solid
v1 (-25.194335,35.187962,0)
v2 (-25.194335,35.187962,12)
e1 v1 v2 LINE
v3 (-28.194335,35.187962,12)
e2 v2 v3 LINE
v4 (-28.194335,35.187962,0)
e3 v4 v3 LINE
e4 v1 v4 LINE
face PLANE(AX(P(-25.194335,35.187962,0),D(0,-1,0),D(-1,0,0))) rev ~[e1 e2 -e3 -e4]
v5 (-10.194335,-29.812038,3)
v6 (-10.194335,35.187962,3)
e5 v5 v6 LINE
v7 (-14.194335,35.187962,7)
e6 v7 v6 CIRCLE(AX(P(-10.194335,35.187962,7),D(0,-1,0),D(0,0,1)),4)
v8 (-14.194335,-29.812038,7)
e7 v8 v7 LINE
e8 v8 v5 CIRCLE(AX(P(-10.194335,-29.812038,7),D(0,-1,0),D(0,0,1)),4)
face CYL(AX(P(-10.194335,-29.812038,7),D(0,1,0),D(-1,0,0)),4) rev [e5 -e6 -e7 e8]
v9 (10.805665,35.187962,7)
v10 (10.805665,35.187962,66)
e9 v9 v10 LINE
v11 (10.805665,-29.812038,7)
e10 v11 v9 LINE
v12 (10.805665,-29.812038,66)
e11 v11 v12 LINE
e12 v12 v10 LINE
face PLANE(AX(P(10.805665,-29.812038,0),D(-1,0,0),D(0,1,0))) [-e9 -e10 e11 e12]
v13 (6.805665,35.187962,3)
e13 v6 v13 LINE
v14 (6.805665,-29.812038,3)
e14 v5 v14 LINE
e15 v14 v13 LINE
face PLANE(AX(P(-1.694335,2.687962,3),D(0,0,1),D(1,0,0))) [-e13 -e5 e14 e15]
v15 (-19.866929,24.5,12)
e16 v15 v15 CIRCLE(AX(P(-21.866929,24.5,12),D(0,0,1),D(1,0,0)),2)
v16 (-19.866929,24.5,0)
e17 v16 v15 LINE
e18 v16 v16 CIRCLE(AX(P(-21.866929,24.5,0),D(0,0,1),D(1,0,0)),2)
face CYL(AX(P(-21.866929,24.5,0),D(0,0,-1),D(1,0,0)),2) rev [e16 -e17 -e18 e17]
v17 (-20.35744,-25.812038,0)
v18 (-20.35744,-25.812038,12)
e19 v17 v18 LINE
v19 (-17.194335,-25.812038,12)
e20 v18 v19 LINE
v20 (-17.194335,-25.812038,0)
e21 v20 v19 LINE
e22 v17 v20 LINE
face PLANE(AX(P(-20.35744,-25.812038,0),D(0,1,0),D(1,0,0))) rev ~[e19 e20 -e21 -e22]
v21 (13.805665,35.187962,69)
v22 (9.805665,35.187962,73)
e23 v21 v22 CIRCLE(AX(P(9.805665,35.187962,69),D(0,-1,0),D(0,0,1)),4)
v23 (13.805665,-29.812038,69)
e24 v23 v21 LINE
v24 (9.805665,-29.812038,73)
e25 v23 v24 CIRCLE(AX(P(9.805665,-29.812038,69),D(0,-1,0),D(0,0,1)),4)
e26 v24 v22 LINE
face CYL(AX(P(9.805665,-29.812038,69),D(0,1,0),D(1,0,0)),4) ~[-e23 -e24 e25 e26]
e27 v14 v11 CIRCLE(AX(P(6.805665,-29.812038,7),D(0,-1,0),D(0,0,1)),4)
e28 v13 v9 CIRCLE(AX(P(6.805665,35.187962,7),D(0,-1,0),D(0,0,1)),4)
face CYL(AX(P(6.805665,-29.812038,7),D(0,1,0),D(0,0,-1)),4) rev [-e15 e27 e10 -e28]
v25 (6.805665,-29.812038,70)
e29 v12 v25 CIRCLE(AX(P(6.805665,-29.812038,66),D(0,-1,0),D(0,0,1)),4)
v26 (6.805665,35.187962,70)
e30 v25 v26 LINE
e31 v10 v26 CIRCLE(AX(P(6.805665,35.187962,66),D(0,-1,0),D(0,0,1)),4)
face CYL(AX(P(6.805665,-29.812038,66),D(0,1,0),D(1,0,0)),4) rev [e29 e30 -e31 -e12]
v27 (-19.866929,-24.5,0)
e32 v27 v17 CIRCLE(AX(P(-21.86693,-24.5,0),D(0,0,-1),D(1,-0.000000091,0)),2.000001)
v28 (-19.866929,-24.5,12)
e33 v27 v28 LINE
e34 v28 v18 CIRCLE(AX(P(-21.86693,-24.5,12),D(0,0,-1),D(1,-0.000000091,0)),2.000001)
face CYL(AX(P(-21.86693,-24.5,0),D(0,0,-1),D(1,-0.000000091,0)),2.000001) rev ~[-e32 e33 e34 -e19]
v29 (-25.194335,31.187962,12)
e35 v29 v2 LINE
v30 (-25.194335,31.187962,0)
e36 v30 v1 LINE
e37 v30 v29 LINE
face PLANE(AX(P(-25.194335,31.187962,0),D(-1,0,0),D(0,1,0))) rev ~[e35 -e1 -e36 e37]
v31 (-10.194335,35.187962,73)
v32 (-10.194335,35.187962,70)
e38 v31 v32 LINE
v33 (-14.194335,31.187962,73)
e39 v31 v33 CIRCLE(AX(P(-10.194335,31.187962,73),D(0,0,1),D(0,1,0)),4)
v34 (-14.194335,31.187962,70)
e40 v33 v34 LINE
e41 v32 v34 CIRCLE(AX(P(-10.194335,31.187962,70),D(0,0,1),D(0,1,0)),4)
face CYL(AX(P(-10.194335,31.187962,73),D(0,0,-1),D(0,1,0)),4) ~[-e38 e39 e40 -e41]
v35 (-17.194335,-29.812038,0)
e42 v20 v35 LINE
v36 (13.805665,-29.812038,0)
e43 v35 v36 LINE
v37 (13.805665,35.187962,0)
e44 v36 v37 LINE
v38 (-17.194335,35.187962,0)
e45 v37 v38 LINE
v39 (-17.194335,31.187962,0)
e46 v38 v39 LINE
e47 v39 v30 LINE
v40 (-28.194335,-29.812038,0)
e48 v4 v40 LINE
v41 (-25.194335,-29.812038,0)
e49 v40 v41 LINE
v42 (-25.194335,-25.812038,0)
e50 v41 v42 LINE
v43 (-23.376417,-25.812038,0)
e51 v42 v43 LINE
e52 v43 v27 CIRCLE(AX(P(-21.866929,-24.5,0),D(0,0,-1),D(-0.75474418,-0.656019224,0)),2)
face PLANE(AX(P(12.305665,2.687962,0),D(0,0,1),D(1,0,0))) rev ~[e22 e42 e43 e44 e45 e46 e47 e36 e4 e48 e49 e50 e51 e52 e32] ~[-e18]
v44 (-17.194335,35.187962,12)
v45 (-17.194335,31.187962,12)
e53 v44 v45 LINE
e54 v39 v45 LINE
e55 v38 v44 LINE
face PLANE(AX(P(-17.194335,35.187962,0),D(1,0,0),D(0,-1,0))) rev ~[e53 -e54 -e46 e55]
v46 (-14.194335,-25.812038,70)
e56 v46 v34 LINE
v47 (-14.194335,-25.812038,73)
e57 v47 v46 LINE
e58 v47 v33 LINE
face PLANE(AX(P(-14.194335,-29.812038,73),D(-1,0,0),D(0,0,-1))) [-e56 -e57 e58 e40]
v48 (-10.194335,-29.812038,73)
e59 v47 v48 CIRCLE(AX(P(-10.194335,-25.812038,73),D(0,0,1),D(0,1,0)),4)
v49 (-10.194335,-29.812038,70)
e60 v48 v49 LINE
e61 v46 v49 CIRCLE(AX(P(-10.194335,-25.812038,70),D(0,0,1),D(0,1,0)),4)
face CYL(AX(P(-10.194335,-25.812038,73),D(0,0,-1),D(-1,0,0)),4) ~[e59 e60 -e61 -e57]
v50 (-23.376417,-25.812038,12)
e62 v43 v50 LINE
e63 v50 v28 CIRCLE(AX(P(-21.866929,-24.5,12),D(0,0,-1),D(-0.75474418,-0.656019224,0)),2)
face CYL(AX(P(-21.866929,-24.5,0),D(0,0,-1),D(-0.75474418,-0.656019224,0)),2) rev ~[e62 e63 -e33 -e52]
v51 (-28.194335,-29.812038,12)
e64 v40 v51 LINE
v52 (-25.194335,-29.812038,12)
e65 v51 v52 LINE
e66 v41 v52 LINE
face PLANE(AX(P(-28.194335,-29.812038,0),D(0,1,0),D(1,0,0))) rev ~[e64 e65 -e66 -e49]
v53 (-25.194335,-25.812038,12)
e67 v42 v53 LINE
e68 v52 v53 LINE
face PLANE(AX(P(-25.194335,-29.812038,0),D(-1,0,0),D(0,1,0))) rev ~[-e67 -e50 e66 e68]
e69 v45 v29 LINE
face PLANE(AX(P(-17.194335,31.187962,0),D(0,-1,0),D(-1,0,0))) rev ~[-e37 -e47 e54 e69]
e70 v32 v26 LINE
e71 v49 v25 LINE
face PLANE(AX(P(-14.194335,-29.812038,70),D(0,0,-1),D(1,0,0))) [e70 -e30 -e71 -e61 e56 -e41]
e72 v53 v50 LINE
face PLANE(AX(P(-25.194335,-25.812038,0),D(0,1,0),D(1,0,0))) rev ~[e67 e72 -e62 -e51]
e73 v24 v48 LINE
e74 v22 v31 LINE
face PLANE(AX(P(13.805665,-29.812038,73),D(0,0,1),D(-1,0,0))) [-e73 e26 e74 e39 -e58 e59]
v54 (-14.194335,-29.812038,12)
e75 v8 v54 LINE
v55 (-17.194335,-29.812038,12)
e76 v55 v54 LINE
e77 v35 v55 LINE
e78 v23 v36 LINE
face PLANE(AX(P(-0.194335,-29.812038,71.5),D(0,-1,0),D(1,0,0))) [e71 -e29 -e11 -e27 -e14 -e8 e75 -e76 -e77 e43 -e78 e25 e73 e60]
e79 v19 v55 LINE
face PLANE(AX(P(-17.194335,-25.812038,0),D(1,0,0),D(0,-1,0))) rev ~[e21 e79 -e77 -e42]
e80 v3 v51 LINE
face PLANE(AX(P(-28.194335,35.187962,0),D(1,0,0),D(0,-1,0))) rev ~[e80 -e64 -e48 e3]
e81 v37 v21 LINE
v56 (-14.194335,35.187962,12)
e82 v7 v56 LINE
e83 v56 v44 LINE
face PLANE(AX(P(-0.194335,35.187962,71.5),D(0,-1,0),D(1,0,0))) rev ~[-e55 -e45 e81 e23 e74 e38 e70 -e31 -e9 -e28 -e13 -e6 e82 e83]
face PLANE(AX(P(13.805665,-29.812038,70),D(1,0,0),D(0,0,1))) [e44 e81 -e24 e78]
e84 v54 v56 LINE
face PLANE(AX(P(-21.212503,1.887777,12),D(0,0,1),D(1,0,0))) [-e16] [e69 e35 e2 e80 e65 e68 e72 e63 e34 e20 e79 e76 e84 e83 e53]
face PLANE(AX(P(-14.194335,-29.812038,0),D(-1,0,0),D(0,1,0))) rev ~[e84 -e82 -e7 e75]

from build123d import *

# Parameters (mm, degrees)
F0_R     = 2
F1_DEPTH = 12
F0_W     = 25
F0_H     = 65
F2_DEPTH = 3
F0_W_2   = 3
F3_DEPTH = 70
F5_DEPTH = 65
F6_R     = 4


with BuildPart() as f1:
    # F0 (on Top) → F1 (new body)
    with BuildSketch(Plane.XY):
        with BuildLine():
            Line((-25.194335, 35.187962), (-28.194335, 35.187962))
            Line((-28.194335, 35.187962), (-28.194335, -29.812038))
            Line((-28.194335, -29.812038), (-25.194335, -29.812038))
            Line((-25.194335, -29.812038), (-25.194335, -25.812038))
            Line((-25.194335, -25.812038), (-23.376417, -25.812038))
            ThreePointArc((-23.376417, -25.812038), (-22.567294, -22.626637), (-19.866929, -24.5))
            ThreePointArc((-19.866929, -24.5), (-19.993566, -25.200365), (-20.35744, -25.812038))
            Line((-20.35744, -25.812038), (-17.194335, -25.812038))
            Line((-17.194335, -25.812038), (-17.194335, -29.812038))
            Line((-17.194335, -29.812038), (-14.194335, -29.812038))
            Line((-14.194335, -29.812038), (-14.194335, 35.187962))
            Line((-14.194335, 35.187962), (-17.194335, 35.187962))
            Line((-17.194335, 35.187962), (-17.194335, 31.187962))
            Line((-17.194335, 31.187962), (-25.194335, 31.187962))
            Line((-25.194335, 31.187962), (-25.194335, 35.187962))
        make_face()
        with Locations((-21.866929, 24.5)):
            Circle(F0_R, mode=Mode.SUBTRACT)
    extrude(amount=F1_DEPTH)

    # F0 (on Top) → F2 (join)
    with BuildSketch(Plane.XY):
        with Locations((-1.694335, 2.687962)):
            Rectangle(F0_W, F0_H)
    extrude(amount=F2_DEPTH)

    # F0 (on Top) → F3 (join)
    with BuildSketch(Plane.XY):
        with Locations((12.305665, 2.687962)):
            Rectangle(F0_W_2, F0_H)
    extrude(amount=F3_DEPTH)

    # F4 (on face) → F5 (join)
    with BuildSketch(Plane.XZ.offset(29.812038)):
        Polygon((10.805665, 70), (13.805665, 70), (13.805665, 73), (-14.194335, 73), (-14.194335, 70), align=None)
    extrude(amount=-F5_DEPTH)

    # F6
    f6_edges = [f1.edges().sort_by_distance(p)[0] for p in [
        (10.805665, 2.687962, 3),
        (10.805665, 2.687962, 70),
        (-14.194335, 2.687962, 3),
        (13.805665, 2.687962, 73),
        (-14.194335, -29.812038, 71.5),
        (-14.194335, 35.187962, 71.5),
    ]]
    fillet(f6_edges, radius=F6_R)


solid = f1.part
